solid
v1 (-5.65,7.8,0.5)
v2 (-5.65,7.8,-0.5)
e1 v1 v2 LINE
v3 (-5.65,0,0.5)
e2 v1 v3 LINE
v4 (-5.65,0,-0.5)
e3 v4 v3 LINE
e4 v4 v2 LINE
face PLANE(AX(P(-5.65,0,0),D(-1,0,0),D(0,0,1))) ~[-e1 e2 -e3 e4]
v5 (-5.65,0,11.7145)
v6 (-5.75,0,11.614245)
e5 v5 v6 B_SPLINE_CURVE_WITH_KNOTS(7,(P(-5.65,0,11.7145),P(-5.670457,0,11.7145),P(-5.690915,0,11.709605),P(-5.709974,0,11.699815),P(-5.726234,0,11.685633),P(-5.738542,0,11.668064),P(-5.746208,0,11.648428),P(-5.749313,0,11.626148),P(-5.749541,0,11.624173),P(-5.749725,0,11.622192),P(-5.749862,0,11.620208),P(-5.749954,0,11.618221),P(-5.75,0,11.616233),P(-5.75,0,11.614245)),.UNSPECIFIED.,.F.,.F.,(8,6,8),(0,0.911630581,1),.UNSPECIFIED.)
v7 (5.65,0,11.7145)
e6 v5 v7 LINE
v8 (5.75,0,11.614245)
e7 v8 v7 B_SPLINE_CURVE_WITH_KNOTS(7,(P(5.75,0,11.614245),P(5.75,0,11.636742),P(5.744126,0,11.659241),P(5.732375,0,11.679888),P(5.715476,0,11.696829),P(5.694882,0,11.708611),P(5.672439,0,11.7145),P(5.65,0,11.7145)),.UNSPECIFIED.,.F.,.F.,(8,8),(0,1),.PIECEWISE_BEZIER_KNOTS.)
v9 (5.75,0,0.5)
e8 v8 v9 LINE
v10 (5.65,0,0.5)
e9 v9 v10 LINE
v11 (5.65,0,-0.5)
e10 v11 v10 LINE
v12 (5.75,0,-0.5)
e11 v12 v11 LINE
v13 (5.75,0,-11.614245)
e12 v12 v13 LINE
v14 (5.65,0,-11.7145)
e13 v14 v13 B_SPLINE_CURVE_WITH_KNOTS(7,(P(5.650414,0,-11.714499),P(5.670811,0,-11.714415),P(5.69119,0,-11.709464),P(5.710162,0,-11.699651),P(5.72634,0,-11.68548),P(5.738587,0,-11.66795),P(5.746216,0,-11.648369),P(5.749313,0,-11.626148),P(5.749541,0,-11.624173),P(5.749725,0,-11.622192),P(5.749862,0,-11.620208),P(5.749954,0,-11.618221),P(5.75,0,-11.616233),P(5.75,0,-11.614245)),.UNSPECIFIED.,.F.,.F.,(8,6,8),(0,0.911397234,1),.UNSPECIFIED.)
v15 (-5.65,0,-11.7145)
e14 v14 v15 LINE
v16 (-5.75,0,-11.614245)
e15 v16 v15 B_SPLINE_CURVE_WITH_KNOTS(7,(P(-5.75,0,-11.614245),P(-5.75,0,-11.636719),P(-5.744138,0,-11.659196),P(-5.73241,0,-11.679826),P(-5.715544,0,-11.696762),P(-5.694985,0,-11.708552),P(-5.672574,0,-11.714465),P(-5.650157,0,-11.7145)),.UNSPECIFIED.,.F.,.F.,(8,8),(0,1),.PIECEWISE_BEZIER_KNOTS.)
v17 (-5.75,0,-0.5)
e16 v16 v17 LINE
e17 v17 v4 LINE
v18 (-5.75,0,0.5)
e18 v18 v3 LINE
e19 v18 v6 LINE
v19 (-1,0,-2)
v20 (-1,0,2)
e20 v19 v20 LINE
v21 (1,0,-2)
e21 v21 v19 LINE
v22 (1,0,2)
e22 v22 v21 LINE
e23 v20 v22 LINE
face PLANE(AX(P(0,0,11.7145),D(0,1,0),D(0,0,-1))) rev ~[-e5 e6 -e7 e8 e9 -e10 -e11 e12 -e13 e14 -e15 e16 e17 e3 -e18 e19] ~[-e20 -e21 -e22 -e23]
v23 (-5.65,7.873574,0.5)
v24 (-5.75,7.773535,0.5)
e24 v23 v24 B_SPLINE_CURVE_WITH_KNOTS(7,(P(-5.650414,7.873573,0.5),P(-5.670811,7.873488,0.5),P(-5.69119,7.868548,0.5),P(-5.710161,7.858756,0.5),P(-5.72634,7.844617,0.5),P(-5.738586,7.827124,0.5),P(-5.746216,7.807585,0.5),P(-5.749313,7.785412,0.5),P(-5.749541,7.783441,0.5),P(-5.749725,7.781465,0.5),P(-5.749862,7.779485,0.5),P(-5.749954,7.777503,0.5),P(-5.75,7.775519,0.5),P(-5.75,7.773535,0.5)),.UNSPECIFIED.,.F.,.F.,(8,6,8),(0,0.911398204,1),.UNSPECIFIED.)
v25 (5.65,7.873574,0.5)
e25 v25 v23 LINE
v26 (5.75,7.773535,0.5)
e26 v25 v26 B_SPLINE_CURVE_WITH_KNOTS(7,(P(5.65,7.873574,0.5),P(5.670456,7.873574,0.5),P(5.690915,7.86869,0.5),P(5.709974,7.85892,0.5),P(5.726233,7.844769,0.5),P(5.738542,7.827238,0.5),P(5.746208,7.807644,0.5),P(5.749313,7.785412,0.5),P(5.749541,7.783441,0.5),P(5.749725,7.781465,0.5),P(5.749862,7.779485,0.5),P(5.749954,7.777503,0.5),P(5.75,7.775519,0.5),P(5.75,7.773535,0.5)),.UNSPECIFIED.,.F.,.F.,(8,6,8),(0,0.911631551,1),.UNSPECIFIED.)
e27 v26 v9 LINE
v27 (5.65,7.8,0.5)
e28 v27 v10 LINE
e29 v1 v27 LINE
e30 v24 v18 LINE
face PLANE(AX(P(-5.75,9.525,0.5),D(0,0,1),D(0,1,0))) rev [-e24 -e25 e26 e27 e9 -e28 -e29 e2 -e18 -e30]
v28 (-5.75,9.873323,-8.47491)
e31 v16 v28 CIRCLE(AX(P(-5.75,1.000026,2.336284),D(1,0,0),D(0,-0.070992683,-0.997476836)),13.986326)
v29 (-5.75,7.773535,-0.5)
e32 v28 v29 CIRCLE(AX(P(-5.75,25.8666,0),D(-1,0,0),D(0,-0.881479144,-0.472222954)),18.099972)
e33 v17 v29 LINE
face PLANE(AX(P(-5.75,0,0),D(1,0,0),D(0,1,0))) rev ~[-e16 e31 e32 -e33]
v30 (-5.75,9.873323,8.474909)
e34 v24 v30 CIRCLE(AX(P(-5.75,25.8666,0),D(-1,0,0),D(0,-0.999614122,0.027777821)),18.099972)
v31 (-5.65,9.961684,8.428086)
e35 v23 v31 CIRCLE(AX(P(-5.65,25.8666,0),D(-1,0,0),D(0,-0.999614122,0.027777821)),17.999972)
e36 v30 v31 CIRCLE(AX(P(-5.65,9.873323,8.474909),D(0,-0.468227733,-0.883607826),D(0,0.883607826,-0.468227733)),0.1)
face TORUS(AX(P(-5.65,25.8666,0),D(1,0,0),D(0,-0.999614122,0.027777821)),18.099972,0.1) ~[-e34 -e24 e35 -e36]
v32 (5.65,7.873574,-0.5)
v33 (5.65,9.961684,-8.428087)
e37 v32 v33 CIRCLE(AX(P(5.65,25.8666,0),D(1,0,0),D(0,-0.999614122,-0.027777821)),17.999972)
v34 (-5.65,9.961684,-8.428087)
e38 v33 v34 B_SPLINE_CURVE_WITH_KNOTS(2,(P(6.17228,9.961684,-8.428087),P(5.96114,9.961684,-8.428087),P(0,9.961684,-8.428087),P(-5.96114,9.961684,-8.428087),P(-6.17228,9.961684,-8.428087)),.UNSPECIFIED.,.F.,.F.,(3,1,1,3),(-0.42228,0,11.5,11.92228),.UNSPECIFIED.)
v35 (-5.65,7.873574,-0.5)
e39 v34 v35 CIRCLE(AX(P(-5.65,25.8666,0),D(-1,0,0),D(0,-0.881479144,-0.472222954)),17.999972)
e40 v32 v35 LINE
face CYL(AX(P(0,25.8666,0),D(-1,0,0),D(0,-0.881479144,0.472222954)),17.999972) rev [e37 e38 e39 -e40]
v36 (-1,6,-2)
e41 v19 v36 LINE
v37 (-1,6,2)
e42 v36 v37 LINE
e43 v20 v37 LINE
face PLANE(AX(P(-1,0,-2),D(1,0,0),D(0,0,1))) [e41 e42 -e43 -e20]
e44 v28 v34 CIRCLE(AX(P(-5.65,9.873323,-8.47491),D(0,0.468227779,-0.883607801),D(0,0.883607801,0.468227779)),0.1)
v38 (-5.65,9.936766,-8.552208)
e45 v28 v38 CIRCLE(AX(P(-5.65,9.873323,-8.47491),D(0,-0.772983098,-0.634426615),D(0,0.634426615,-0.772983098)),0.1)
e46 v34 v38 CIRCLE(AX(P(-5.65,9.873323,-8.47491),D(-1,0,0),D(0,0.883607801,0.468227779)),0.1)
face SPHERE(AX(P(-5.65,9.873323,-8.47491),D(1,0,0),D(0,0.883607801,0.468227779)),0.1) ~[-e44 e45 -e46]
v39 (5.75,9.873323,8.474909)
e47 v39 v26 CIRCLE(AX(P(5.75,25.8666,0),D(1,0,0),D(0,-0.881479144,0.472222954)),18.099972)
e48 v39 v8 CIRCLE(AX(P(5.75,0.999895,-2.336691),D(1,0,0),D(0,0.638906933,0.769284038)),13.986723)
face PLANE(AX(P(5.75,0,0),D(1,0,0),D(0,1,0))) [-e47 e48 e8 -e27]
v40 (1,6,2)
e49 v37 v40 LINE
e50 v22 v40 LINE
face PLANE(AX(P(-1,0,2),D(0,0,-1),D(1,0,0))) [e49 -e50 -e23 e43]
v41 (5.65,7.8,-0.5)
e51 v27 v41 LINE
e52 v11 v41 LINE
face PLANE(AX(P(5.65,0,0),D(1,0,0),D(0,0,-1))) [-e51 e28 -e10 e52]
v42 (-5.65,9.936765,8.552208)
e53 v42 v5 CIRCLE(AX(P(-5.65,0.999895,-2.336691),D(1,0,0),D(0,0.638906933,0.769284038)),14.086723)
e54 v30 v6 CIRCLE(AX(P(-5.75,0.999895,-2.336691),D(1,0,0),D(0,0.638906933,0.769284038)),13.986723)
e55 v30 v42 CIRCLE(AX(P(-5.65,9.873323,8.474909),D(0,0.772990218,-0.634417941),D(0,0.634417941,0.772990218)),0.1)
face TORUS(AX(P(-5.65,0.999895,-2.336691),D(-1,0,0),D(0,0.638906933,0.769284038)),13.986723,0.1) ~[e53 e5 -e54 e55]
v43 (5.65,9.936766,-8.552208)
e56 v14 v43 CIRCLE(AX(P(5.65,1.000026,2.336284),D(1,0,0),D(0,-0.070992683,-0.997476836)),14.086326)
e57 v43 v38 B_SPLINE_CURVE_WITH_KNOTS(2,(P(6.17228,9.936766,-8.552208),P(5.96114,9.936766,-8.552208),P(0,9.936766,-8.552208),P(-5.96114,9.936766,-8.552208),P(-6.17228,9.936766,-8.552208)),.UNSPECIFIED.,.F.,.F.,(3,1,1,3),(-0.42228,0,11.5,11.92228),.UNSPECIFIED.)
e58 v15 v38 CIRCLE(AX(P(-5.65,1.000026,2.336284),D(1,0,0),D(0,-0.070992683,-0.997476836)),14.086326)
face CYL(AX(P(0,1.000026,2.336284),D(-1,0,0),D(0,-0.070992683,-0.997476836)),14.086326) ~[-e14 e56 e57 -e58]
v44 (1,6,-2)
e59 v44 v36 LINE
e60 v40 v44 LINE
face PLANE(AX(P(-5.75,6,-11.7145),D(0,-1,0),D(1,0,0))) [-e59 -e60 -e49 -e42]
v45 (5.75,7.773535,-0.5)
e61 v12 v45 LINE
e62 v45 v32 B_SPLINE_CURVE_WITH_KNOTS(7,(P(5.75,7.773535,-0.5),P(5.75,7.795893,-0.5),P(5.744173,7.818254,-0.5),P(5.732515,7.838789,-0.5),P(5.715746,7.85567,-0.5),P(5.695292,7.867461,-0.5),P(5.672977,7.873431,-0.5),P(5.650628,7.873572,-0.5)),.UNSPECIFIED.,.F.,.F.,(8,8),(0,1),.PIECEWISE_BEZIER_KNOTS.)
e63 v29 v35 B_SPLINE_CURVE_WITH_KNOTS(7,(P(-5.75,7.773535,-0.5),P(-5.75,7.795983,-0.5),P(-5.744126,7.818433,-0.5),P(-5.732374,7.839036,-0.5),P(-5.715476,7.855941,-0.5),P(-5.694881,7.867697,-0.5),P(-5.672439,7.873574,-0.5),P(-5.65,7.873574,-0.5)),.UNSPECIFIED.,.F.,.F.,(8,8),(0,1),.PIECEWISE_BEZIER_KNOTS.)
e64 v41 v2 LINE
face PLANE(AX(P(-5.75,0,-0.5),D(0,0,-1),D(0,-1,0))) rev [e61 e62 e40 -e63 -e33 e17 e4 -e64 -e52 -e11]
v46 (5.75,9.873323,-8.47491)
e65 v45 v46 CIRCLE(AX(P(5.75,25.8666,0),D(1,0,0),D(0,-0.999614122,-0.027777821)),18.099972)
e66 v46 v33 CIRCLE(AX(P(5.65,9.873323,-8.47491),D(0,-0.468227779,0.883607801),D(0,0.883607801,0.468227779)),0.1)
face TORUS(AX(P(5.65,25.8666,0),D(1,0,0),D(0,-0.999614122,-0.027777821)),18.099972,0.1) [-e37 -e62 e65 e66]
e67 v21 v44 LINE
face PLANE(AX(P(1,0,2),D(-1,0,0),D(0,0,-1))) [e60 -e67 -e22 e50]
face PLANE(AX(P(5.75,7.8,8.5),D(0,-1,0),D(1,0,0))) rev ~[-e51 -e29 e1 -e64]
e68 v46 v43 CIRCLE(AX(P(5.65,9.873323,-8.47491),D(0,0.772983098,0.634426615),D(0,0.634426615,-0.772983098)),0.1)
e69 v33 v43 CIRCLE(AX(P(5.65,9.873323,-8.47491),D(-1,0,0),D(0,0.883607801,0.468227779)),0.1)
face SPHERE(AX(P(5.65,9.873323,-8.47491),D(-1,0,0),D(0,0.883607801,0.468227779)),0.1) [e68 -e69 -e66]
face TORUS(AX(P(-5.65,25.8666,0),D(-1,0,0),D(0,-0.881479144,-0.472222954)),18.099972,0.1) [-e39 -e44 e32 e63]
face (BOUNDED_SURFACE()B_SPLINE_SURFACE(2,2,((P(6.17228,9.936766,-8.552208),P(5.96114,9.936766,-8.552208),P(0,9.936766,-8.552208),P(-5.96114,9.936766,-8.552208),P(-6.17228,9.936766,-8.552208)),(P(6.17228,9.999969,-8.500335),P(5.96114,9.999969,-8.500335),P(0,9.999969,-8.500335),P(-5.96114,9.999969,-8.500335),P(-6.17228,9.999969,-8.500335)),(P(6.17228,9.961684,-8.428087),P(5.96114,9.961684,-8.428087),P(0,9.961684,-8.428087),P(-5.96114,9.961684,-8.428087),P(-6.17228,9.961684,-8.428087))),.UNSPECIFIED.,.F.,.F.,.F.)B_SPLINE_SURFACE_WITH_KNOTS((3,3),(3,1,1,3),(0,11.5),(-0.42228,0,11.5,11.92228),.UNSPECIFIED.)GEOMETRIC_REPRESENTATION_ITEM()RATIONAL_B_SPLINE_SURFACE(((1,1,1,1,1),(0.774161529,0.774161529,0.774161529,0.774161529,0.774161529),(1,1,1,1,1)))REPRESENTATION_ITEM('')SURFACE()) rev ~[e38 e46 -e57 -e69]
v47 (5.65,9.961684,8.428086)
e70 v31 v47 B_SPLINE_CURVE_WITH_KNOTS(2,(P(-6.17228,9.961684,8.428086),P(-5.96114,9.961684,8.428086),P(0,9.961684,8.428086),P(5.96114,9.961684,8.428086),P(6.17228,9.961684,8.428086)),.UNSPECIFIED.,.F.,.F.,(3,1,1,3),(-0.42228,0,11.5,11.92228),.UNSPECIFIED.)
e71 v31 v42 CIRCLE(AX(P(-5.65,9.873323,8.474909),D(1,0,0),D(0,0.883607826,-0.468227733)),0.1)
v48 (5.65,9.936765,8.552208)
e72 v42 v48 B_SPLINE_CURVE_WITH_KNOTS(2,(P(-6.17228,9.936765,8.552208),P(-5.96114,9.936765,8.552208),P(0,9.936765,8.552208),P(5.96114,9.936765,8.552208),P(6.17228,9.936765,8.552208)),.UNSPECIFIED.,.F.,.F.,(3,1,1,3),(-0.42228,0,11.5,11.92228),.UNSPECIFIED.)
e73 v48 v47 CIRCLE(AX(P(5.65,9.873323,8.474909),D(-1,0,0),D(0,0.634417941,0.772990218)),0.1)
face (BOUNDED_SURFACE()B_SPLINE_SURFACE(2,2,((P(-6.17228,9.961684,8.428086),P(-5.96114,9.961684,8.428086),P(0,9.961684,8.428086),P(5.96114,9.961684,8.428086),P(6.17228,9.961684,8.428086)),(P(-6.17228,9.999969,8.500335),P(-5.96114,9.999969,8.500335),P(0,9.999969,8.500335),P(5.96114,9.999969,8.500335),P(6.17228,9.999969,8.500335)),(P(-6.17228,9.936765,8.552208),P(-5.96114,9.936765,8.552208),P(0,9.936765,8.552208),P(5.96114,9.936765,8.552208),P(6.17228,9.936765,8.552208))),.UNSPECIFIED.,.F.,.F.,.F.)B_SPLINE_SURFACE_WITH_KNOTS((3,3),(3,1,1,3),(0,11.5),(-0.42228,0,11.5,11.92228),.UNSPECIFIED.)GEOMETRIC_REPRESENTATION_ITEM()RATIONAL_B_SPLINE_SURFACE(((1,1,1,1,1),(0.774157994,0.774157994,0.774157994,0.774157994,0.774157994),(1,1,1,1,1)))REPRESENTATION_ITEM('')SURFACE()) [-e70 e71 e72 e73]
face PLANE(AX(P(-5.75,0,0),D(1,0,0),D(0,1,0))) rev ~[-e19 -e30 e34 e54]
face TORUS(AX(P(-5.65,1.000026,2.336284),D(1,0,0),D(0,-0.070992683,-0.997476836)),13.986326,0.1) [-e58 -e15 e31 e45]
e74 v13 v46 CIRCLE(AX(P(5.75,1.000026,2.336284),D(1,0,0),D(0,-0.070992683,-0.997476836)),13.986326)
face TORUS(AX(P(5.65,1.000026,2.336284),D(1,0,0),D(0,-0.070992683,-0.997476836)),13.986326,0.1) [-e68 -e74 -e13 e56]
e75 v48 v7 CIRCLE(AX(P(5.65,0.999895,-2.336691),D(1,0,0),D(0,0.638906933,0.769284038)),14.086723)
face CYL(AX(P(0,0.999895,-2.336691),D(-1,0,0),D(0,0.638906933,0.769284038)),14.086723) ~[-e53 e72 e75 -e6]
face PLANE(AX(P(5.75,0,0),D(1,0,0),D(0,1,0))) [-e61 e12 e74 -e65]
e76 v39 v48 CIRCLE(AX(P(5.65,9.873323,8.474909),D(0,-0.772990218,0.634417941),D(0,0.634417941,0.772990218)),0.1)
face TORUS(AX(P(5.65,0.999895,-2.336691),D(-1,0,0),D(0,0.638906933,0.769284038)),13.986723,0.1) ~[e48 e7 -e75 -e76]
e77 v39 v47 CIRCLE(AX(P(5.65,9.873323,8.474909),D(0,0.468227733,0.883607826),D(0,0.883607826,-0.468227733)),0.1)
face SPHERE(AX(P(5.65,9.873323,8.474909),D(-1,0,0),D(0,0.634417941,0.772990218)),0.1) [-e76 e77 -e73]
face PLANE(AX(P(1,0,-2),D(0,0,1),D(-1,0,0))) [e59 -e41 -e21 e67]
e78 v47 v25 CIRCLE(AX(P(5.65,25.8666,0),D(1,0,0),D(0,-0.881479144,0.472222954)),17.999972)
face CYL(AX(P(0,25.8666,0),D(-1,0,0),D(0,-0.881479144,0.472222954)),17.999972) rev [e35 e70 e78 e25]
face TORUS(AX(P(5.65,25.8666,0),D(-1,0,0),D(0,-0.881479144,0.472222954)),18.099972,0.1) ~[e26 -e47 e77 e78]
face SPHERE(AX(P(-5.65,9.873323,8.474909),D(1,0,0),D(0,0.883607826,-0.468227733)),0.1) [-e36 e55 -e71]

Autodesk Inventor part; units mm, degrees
ref_plane "YZ Plane" through (0, 0, 0) normal (1, 0, 0) x (0, 1, 0)
ref_plane "XZ Plane" through (0, 0, 0) normal (0, 1, 0) x (-1, 0, 0)
sketch "Sketch2" plane through (0, 0, 0) normal (1, 0, 0) x (0, 1, 0)
  point P0 (0, 0)
sketch "Sketch3" plane through (0, 0, 0) normal (1, 0, 0) x (0, 1, 0)
  arc A0 (10, 8.5) -> (10, -8.5) centre (25.8666, 0) ccw
  arc A1 (10, 8.5) -> (0, 11.7145) centre (1, -2.3365) ccw
  line L0 (0, 11.7145) -> (0, -11.7145)
  line L1 (0, 0) -> (7.8666, 0)
  line L2 (2.6813, 11.75) -> (0, 11.75) construction
  arc A2 (0, -11.7145) -> (10, -8.5) centre (1, 2.3365) ccw
  line L3 (2.6813, -11.75) -> (0, -11.75) construction
  dimension "d1" = 10
  dimension "d2" = 23.5
  dimension "d3" = 1
  dimension "d4" = 17
  dimension "d5" = 18
extrude "Extrusion1" add sketch "Sketch3" along normal mid plane 11.5
sketch "Sketch4" plane through (-5.75, 0, -11.7145) normal (0, -1, 0) x (1, 0, 0)
  line L0 (4.75, 13.7145) -> (6.75, 13.7145)
  line L1 (6.75, 13.7145) -> (6.75, 9.7145)
  line L2 (6.75, 9.7145) -> (4.75, 9.7145)
  line L3 (4.75, 9.7145) -> (4.75, 13.7145)
  line L4 (4.75, 13.7145) -> (6.75, 9.7145) construction
  line L5 (6.75, 13.7145) -> (4.75, 9.7145) construction
  point P0 (5.75, 11.7145)
  dimension "d8" = 2
  dimension "d9" = 4
extrude "Extrusion2" cut sketch "Sketch4" against normal blind 6
sketch "Sketch5" plane through (5.75, 0, 0) normal (1, 0, 0) x (0, 0, -1)
  line L0 (11.7145, 0) -> (-11.7145, 0) projected
  line L1 (-0.5, 0) -> (0.5, 0)
  line L2 (0.5, 0) -> (0.5, 9.525)
  line L3 (0.5, 9.525) -> (-0.5, 9.525)
  line L4 (-0.5, 9.525) -> (-0.5, 0)
  point P0 (0, 0)
  point P1 (0, 0)
  dimension "d12" = 1
extrude "Extrusion3" cut sketch "Sketch5" against normal blind 0.1
mirror "Mirror1" about plane through (0, 0, 0) normal (1, 0, 0) of "Extrusion3"
ref_plane "Work Plane1" through (5.75, 10, 8.5) normal (0, -1, 0) x (1, 0, 0)
sketch "Sketch6" plane through (5.75, 10, 8.5) normal (0, -1, 0) x (1, 0, 0)
  line L0 (-11.4, -8) -> (-11.4, -9) projected
  line L1 (-11.4, -8) -> (-0.1, -8)
  line L2 (-0.1, -8) -> (-0.1, -9)
  line L3 (-0.1, -9) -> (-11.4, -9)
  line L4 (-11.4, -9) -> (-11.4, -8)
  point P0 (-5.75, -8.5)
extrude "Extrusion4" cut sketch "Sketch6" along normal blind 2.2
fillet "Fillet1" radius 0.1 10 edges at (-5.75, 5.3108, -11.0742) (5.75, 5.3108, -11.0742) (0, 10, -8.5) (5.75, 8.4707, -4.6239) (-5.75, 8.4707, -4.6239) (-5.75, 8.4707, 4.6239) (5.75, 8.4707, 4.6239) (-5.75, 5.3108, 11.0742) (0, 10, 8.5) (5.75, 5.3108, 11.0742)
properties part number "Cup"
